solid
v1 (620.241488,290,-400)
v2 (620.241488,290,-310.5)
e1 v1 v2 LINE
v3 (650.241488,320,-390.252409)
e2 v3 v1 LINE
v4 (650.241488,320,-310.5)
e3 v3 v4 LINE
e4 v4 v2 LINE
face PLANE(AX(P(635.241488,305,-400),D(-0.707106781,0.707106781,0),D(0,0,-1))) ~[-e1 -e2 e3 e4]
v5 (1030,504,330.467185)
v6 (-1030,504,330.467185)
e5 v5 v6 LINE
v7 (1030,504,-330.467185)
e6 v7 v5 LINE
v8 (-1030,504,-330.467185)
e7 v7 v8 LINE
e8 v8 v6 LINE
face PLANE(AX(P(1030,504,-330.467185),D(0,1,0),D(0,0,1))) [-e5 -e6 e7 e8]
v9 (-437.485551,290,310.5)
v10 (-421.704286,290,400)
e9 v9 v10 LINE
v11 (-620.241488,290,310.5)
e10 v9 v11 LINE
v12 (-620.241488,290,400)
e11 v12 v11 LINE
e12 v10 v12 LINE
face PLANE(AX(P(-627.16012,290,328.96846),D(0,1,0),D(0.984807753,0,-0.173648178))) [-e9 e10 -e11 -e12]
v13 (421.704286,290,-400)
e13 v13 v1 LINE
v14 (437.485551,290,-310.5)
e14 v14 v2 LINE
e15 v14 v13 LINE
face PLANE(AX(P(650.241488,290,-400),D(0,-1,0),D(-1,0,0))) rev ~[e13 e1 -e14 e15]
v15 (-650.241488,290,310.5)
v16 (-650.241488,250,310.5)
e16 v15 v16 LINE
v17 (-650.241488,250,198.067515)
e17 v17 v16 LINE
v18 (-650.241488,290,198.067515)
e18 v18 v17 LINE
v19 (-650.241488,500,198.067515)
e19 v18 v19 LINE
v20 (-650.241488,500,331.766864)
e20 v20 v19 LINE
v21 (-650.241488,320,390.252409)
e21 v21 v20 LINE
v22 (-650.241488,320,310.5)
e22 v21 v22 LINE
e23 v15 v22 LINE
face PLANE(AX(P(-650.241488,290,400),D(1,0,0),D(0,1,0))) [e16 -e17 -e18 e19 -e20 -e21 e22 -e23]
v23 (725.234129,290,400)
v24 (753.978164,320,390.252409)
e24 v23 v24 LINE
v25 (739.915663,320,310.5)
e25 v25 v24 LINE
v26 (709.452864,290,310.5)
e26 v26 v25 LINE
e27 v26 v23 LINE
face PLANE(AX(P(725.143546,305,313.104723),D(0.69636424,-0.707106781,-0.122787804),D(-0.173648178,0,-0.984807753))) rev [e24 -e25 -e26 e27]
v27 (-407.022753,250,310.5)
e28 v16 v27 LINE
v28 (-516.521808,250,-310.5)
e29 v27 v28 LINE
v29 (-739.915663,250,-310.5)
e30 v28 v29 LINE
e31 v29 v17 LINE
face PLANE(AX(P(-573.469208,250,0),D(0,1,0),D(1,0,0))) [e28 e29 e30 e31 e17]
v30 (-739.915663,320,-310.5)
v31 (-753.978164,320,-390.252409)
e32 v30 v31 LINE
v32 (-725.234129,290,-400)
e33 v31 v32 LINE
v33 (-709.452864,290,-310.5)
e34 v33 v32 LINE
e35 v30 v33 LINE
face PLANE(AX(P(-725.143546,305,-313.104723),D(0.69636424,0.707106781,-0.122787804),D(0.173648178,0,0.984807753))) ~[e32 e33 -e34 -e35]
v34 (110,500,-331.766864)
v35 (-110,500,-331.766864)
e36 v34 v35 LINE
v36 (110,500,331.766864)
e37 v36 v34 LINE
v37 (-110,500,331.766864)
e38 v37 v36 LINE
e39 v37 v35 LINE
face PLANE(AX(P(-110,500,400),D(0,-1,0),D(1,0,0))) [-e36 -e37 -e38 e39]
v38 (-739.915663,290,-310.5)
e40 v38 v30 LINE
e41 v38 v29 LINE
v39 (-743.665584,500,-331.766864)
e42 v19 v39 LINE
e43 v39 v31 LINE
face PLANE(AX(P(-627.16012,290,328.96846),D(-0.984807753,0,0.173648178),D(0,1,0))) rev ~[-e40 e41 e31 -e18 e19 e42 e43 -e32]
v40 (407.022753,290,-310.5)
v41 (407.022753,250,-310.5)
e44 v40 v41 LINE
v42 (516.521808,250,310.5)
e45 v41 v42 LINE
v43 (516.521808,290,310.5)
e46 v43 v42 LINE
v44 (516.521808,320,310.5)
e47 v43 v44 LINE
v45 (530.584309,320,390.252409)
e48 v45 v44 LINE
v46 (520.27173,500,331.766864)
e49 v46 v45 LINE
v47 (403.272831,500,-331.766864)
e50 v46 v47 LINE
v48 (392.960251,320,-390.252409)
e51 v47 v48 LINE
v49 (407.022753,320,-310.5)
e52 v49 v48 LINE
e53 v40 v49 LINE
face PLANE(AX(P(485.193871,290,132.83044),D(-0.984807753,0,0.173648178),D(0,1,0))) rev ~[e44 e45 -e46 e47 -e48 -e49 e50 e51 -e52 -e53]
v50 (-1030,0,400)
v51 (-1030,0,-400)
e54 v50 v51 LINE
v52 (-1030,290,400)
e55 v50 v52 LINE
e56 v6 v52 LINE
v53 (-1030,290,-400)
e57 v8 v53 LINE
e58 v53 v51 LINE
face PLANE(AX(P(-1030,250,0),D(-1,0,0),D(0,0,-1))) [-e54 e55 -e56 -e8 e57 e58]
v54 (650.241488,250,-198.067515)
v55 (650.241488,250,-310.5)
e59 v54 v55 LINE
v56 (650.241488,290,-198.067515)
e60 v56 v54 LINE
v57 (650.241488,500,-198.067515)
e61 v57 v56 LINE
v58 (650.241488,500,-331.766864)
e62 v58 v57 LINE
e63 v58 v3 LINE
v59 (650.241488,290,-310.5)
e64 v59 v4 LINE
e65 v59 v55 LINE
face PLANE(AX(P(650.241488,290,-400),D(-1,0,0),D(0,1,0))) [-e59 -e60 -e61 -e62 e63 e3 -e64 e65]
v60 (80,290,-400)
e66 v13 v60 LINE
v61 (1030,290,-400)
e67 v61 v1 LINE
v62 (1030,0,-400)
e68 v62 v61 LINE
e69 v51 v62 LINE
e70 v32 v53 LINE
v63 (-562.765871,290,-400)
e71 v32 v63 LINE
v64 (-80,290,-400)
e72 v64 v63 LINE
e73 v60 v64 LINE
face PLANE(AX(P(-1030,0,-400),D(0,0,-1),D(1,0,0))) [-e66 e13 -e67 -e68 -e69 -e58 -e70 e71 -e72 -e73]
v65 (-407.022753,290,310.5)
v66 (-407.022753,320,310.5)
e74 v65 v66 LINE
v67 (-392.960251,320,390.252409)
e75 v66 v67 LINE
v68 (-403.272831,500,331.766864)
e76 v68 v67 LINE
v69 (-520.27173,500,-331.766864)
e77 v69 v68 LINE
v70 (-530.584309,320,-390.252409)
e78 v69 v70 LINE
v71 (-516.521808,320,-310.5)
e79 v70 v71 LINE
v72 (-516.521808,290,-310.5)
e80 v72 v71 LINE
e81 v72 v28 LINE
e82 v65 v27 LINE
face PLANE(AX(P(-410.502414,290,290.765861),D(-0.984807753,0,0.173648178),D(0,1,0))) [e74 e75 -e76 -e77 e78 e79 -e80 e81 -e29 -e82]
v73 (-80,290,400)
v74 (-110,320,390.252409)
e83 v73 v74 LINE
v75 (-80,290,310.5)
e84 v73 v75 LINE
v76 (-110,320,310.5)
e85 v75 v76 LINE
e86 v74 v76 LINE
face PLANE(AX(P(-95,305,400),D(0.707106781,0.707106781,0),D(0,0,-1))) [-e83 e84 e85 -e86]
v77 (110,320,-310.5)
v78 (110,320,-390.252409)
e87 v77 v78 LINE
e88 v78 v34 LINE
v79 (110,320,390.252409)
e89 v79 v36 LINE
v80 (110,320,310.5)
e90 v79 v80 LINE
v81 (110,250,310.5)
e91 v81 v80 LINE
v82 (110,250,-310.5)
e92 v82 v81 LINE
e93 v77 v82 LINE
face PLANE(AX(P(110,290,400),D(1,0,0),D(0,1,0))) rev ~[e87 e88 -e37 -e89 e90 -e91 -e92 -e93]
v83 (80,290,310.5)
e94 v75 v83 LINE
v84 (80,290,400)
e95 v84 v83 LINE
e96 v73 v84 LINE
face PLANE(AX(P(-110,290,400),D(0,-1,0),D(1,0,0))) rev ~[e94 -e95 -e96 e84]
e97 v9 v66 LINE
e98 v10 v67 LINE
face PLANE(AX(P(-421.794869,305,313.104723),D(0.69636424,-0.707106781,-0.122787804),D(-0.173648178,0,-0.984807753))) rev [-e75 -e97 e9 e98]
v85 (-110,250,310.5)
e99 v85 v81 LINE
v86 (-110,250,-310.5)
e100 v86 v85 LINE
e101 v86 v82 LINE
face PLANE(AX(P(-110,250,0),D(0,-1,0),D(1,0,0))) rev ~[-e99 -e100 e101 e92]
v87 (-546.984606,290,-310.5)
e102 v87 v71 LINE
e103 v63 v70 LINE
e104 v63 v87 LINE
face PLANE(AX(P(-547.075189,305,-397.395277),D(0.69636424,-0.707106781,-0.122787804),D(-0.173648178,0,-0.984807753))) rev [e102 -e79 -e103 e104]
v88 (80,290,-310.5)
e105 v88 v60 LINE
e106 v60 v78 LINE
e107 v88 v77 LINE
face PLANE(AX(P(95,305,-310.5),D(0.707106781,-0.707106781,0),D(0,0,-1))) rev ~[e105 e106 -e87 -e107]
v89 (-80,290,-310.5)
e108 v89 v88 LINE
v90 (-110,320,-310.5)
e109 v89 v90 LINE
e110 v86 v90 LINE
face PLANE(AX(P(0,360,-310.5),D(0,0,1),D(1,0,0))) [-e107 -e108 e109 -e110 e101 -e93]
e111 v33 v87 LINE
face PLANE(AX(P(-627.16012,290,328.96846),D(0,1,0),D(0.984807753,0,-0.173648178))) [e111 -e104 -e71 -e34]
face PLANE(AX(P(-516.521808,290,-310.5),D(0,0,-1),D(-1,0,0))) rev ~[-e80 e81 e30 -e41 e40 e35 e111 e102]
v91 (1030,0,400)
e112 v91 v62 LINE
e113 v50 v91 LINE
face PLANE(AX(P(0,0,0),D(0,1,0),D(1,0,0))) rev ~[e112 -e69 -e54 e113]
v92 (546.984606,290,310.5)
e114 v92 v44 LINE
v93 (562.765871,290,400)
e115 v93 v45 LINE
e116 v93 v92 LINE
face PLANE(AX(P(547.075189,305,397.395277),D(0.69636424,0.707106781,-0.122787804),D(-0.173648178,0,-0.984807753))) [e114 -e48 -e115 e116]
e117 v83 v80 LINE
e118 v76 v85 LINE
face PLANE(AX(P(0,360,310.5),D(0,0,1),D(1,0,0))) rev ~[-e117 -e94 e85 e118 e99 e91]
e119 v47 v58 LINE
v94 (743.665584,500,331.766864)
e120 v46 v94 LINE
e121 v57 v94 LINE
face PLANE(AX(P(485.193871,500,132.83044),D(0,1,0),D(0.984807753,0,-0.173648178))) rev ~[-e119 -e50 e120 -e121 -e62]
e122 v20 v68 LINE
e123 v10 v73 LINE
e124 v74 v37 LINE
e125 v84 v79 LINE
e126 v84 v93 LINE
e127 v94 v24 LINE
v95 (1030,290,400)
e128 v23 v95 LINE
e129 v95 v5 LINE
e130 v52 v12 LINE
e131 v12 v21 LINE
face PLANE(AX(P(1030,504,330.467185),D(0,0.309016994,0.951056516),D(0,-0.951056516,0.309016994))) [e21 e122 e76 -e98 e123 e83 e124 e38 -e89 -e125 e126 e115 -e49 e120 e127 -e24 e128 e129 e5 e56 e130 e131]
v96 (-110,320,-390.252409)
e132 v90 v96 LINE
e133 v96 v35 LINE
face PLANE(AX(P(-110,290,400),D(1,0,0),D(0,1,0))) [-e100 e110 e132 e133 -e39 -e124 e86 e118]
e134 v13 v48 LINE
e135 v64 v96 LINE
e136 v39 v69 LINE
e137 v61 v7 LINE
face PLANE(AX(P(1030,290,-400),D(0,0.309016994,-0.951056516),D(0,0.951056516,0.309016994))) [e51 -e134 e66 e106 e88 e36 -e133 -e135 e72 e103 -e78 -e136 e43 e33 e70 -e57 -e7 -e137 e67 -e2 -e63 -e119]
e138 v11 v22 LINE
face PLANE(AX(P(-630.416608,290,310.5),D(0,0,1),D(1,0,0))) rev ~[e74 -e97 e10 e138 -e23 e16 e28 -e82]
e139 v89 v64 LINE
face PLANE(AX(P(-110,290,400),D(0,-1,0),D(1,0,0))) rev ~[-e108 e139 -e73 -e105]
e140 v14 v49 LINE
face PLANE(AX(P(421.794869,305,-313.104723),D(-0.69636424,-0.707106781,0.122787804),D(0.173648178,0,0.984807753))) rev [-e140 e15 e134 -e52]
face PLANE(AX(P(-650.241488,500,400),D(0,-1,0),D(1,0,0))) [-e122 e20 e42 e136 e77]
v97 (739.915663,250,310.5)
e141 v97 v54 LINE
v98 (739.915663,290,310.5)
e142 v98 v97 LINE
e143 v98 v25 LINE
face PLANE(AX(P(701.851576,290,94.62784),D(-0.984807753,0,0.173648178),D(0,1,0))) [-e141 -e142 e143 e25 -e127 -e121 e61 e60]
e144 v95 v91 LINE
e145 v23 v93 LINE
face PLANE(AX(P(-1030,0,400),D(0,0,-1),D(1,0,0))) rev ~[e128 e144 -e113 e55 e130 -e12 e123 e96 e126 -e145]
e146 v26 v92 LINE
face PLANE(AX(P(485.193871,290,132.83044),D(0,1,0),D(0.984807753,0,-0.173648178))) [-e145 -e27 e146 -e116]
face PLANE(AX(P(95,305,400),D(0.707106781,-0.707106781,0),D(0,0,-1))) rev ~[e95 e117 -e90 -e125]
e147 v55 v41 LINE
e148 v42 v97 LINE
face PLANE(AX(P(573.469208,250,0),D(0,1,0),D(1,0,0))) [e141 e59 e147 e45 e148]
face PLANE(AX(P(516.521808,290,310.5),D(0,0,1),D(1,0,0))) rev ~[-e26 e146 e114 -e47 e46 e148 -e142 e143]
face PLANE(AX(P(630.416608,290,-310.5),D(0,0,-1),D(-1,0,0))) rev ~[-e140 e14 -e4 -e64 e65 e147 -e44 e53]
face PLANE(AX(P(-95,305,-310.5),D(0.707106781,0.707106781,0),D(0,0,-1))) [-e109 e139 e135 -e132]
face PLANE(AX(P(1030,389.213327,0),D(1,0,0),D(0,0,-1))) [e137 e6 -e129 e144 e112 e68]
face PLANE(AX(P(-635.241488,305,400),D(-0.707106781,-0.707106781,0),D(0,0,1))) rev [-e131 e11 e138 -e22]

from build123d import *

# Parameters (mm, degrees)
SKETCH_1_W               = 2060
SKETCH_1_H               = 800
EXTRUDE_1_DEPTH          = 500
SKETCH_3_W               = 220
SKETCH_3_H               = 220
CUT_EXTRUDE_1_DEPTH      = 310.5
EXTRUDE_2_REACH          = 2159.22
SKETCH_5_W               = 220
SKETCH_5_H               = 210
CUT_EXTRUDE_2_DEPTH      = 1399.18310675
SKETCH_7_W               = 220
SKETCH_7_H               = 210
CUT_EXTRUDE_3_DEPTH      = 1330.488578602
CUT_EXTRUDE_3_DEPTH_BACK = 1330.488578602
CUT_EXTRUDE_4_DEPTH      = 40
SKETCH_14_W              = 220
SKETCH_14_H              = 210
CUT_EXTRUDE_5_DEPTH      = 1330.488578602
CUT_EXTRUDE_5_DEPTH_BACK = 1330.488578602
CUT_EXTRUDE_6_DEPTH      = 40
SKETCH_16_W              = 35.606145385
SKETCH_16_H              = 210
CUT_EXTRUDE_7_DEPTH      = 1399.18310675
CUT_EXTRUDE_7_DEPTH_BACK = 1399.18310675
SKETCH_18_W              = 35.606145385
SKETCH_18_H              = 210
CUT_EXTRUDE_11_DEPTH     = 1399.18310675
CUT_EXTRUDE_12_DEPTH     = 40
CUT_EXTRUDE_15_DEPTH     = 2159.151060515
CHAMFER_1_SIZE           = 30
CUT_EXTRUDE_16_DEPTH     = 40
CHAMFER_2_SIZE           = 30


with BuildPart() as part:
    # 草图1 → 凸台-拉伸1 (new body)
    with BuildSketch(Plane(origin=(0, 0, 0), x_dir=(1, 0, 0), z_dir=(0, 1, 0))):
        Rectangle(SKETCH_1_W, SKETCH_1_H)
    extrude(amount=EXTRUDE_1_DEPTH)

    # 草图3 → 切除-拉伸1 (cut, symmetric)
    with BuildSketch(Plane.XY):
        with Locations((0, 360)):
            Rectangle(SKETCH_3_W, SKETCH_3_H)
    extrude(amount=CUT_EXTRUDE_1_DEPTH, both=True, mode=Mode.SUBTRACT)

    # 凸台-拉伸2: up to this face of the body (flat: up to its plane)
    extrude_2_end = Plane(part.part.faces().sort_by_distance((-1030, 250, 0))[0])
    # 草图22 → 凸台-拉伸2 (add, up to the picked face)
    with BuildSketch(Plane(origin=(1030, 0, 0), x_dir=(0, 0, -1), z_dir=(1, 0, 0)), mode=Mode.PRIVATE) as extrude_2_sk1:
        Polygon((-330.467185006, 504), (-400, 290), (400, 290), (330.467185006, 504), align=None)
    extrude_2_tool1 = split(extrude(extrude_2_sk1.sketch, amount=-EXTRUDE_2_REACH, mode=Mode.PRIVATE), bisect_by=extrude_2_end, keep=Keep.BOTH, mode=Mode.PRIVATE)
    add(extrude_2_tool1.solids().sort_by(Axis((1030, 393.604907, 0), (-1, 0, 0)))[0])

    # 草图5 → 切除-拉伸2 (cut, through all)
    with BuildSketch(Plane.XY.offset(400)):
        with Locations((0, 395)):
            Rectangle(SKETCH_5_W, SKETCH_5_H)
    extrude(amount=-CUT_EXTRUDE_2_DEPTH, mode=Mode.SUBTRACT)

    # 草图7 → 切除-拉伸3 (cut, two sides)
    with BuildSketch(Plane(origin=(37.34572837, 0, 211.798150344), x_dir=(0.9848077530122092, 0, -0.1736481776669237), z_dir=(0.1736481776669237, 0, 0.9848077530122092))) as cut_extrude_3_sk:
        with Locations((-564.756921873, 395)):
            Rectangle(SKETCH_7_W, SKETCH_7_H)
    extrude(amount=CUT_EXTRUDE_3_DEPTH, mode=Mode.SUBTRACT)
    extrude(cut_extrude_3_sk.sketch, amount=-CUT_EXTRUDE_3_DEPTH_BACK, mode=Mode.SUBTRACT)

    # 草图10 → 切除-拉伸4 (cut)
    with BuildSketch(Plane(origin=(0, 290, 0), x_dir=(1, 0, 0), z_dir=(0, 1, 0))):
        Polygon((-614.635342741, -310.5), (-407.022752899, -310.5), (-516.521807919, 310.5), (-739.915662534, 310.5), (-630.416607514, -310.5), align=None)
    extrude(amount=-CUT_EXTRUDE_4_DEPTH, mode=Mode.SUBTRACT)

    # 草图14 → 切除-拉伸5 (cut, two sides)
    with BuildSketch(Plane(origin=(37.34572837, 0, 211.798150344), x_dir=(0.9848077530122092, 0, -0.1736481776669237), z_dir=(0.1736481776669237, 0, 0.9848077530122092))) as cut_extrude_5_sk:
        with Locations((564.756921873, 395)):
            Rectangle(SKETCH_14_W, SKETCH_14_H)
    extrude(amount=CUT_EXTRUDE_5_DEPTH, mode=Mode.SUBTRACT)
    extrude(cut_extrude_5_sk.sketch, amount=-CUT_EXTRUDE_5_DEPTH_BACK, mode=Mode.SUBTRACT)

    # 草图15 → 切除-拉伸6 (cut)
    with BuildSketch(Plane(origin=(0, 290, 0), x_dir=(1, 0, 0), z_dir=(0, 1, 0))):
        Polygon((630.416607514, 310.5), (407.022752899, 310.5), (516.521807919, -310.5), (739.915662534, -310.5), align=None)
    extrude(amount=-CUT_EXTRUDE_6_DEPTH, mode=Mode.SUBTRACT)

    # 草图16 → 切除-拉伸7 (cut, two sides)
    with BuildSketch(Plane(origin=(0, 0, -400), x_dir=(-1, 0, 0), z_dir=(0, 0, -1))) as cut_extrude_7_sk:
        with Locations((-632.438415434, 395)):
            Rectangle(SKETCH_16_W, SKETCH_16_H)
    extrude(amount=CUT_EXTRUDE_7_DEPTH, mode=Mode.SUBTRACT)
    extrude(cut_extrude_7_sk.sketch, amount=-CUT_EXTRUDE_7_DEPTH_BACK, mode=Mode.SUBTRACT)

    # 草图18 → 切除-拉伸11 (cut, through all)
    with BuildSketch(Plane.XY.offset(400)):
        with Locations((-632.438415434, 395)):
            Rectangle(SKETCH_18_W, SKETCH_18_H)
    extrude(amount=-CUT_EXTRUDE_11_DEPTH, mode=Mode.SUBTRACT)

    # 草图19 → 切除-拉伸12 (cut)
    with BuildSketch(Plane(origin=(0, 290, 0), x_dir=(1, 0, 0), z_dir=(0, 1, 0))):
        Polygon((-650.241488126, -310.5), (-630.416607514, -310.5), (-650.241488126, -198.067515011), align=None)
    extrude(amount=-CUT_EXTRUDE_12_DEPTH, mode=Mode.SUBTRACT)

    # 草图23 → 切除-拉伸15 (cut, through all)
    with BuildSketch(Plane(origin=(1030, 0, 0), x_dir=(0, 0, -1), z_dir=(1, 0, 0))):
        Polygon((400, 500), (400, 290), (331.766863791, 500), align=None)
        Polygon((-400, 500), (-400, 290), (-331.766863791, 500), align=None)
    extrude(amount=-CUT_EXTRUDE_15_DEPTH, mode=Mode.SUBTRACT)

    # 倒角1
    chamfer_1_edges = [part.edges().sort_by_distance(p)[0] for p in [
        (-399.132120513, 290, 355.25),
        (524.412440306, 290, 355.25),
        (747.806294921, 290, 355.25),
        (-650.241488126, 290, 355.25),
        (110, 290, 355.25),
        (-110, 290, 355.25),
    ]]
    chamfer(chamfer_1_edges, length=CHAMFER_1_SIZE)

    # 草图24 → 切除-拉伸16 (cut)
    with BuildSketch(Plane(origin=(0, 290, 0), x_dir=(1, 0, 0), z_dir=(0, 1, 0))):
        Polygon((650.241488126, 310.5), (630.416607514, 310.5), (650.241488126, 198.067515011), align=None)
    extrude(amount=-CUT_EXTRUDE_16_DEPTH, mode=Mode.SUBTRACT)

    # 倒角2
    chamfer_2_edges = [part.edges().sort_by_distance(p)[0] for p in [
        (399.132120513, 290, -355.25),
        (650.241488126, 290, -355.25),
        (110, 290, -355.25),
        (-110, 290, -355.25),
        (-524.412440306, 290, -355.25),
        (-747.806294921, 290, -355.25),
    ]]
    chamfer(chamfer_2_edges, length=CHAMFER_2_SIZE)


solid = part.part
